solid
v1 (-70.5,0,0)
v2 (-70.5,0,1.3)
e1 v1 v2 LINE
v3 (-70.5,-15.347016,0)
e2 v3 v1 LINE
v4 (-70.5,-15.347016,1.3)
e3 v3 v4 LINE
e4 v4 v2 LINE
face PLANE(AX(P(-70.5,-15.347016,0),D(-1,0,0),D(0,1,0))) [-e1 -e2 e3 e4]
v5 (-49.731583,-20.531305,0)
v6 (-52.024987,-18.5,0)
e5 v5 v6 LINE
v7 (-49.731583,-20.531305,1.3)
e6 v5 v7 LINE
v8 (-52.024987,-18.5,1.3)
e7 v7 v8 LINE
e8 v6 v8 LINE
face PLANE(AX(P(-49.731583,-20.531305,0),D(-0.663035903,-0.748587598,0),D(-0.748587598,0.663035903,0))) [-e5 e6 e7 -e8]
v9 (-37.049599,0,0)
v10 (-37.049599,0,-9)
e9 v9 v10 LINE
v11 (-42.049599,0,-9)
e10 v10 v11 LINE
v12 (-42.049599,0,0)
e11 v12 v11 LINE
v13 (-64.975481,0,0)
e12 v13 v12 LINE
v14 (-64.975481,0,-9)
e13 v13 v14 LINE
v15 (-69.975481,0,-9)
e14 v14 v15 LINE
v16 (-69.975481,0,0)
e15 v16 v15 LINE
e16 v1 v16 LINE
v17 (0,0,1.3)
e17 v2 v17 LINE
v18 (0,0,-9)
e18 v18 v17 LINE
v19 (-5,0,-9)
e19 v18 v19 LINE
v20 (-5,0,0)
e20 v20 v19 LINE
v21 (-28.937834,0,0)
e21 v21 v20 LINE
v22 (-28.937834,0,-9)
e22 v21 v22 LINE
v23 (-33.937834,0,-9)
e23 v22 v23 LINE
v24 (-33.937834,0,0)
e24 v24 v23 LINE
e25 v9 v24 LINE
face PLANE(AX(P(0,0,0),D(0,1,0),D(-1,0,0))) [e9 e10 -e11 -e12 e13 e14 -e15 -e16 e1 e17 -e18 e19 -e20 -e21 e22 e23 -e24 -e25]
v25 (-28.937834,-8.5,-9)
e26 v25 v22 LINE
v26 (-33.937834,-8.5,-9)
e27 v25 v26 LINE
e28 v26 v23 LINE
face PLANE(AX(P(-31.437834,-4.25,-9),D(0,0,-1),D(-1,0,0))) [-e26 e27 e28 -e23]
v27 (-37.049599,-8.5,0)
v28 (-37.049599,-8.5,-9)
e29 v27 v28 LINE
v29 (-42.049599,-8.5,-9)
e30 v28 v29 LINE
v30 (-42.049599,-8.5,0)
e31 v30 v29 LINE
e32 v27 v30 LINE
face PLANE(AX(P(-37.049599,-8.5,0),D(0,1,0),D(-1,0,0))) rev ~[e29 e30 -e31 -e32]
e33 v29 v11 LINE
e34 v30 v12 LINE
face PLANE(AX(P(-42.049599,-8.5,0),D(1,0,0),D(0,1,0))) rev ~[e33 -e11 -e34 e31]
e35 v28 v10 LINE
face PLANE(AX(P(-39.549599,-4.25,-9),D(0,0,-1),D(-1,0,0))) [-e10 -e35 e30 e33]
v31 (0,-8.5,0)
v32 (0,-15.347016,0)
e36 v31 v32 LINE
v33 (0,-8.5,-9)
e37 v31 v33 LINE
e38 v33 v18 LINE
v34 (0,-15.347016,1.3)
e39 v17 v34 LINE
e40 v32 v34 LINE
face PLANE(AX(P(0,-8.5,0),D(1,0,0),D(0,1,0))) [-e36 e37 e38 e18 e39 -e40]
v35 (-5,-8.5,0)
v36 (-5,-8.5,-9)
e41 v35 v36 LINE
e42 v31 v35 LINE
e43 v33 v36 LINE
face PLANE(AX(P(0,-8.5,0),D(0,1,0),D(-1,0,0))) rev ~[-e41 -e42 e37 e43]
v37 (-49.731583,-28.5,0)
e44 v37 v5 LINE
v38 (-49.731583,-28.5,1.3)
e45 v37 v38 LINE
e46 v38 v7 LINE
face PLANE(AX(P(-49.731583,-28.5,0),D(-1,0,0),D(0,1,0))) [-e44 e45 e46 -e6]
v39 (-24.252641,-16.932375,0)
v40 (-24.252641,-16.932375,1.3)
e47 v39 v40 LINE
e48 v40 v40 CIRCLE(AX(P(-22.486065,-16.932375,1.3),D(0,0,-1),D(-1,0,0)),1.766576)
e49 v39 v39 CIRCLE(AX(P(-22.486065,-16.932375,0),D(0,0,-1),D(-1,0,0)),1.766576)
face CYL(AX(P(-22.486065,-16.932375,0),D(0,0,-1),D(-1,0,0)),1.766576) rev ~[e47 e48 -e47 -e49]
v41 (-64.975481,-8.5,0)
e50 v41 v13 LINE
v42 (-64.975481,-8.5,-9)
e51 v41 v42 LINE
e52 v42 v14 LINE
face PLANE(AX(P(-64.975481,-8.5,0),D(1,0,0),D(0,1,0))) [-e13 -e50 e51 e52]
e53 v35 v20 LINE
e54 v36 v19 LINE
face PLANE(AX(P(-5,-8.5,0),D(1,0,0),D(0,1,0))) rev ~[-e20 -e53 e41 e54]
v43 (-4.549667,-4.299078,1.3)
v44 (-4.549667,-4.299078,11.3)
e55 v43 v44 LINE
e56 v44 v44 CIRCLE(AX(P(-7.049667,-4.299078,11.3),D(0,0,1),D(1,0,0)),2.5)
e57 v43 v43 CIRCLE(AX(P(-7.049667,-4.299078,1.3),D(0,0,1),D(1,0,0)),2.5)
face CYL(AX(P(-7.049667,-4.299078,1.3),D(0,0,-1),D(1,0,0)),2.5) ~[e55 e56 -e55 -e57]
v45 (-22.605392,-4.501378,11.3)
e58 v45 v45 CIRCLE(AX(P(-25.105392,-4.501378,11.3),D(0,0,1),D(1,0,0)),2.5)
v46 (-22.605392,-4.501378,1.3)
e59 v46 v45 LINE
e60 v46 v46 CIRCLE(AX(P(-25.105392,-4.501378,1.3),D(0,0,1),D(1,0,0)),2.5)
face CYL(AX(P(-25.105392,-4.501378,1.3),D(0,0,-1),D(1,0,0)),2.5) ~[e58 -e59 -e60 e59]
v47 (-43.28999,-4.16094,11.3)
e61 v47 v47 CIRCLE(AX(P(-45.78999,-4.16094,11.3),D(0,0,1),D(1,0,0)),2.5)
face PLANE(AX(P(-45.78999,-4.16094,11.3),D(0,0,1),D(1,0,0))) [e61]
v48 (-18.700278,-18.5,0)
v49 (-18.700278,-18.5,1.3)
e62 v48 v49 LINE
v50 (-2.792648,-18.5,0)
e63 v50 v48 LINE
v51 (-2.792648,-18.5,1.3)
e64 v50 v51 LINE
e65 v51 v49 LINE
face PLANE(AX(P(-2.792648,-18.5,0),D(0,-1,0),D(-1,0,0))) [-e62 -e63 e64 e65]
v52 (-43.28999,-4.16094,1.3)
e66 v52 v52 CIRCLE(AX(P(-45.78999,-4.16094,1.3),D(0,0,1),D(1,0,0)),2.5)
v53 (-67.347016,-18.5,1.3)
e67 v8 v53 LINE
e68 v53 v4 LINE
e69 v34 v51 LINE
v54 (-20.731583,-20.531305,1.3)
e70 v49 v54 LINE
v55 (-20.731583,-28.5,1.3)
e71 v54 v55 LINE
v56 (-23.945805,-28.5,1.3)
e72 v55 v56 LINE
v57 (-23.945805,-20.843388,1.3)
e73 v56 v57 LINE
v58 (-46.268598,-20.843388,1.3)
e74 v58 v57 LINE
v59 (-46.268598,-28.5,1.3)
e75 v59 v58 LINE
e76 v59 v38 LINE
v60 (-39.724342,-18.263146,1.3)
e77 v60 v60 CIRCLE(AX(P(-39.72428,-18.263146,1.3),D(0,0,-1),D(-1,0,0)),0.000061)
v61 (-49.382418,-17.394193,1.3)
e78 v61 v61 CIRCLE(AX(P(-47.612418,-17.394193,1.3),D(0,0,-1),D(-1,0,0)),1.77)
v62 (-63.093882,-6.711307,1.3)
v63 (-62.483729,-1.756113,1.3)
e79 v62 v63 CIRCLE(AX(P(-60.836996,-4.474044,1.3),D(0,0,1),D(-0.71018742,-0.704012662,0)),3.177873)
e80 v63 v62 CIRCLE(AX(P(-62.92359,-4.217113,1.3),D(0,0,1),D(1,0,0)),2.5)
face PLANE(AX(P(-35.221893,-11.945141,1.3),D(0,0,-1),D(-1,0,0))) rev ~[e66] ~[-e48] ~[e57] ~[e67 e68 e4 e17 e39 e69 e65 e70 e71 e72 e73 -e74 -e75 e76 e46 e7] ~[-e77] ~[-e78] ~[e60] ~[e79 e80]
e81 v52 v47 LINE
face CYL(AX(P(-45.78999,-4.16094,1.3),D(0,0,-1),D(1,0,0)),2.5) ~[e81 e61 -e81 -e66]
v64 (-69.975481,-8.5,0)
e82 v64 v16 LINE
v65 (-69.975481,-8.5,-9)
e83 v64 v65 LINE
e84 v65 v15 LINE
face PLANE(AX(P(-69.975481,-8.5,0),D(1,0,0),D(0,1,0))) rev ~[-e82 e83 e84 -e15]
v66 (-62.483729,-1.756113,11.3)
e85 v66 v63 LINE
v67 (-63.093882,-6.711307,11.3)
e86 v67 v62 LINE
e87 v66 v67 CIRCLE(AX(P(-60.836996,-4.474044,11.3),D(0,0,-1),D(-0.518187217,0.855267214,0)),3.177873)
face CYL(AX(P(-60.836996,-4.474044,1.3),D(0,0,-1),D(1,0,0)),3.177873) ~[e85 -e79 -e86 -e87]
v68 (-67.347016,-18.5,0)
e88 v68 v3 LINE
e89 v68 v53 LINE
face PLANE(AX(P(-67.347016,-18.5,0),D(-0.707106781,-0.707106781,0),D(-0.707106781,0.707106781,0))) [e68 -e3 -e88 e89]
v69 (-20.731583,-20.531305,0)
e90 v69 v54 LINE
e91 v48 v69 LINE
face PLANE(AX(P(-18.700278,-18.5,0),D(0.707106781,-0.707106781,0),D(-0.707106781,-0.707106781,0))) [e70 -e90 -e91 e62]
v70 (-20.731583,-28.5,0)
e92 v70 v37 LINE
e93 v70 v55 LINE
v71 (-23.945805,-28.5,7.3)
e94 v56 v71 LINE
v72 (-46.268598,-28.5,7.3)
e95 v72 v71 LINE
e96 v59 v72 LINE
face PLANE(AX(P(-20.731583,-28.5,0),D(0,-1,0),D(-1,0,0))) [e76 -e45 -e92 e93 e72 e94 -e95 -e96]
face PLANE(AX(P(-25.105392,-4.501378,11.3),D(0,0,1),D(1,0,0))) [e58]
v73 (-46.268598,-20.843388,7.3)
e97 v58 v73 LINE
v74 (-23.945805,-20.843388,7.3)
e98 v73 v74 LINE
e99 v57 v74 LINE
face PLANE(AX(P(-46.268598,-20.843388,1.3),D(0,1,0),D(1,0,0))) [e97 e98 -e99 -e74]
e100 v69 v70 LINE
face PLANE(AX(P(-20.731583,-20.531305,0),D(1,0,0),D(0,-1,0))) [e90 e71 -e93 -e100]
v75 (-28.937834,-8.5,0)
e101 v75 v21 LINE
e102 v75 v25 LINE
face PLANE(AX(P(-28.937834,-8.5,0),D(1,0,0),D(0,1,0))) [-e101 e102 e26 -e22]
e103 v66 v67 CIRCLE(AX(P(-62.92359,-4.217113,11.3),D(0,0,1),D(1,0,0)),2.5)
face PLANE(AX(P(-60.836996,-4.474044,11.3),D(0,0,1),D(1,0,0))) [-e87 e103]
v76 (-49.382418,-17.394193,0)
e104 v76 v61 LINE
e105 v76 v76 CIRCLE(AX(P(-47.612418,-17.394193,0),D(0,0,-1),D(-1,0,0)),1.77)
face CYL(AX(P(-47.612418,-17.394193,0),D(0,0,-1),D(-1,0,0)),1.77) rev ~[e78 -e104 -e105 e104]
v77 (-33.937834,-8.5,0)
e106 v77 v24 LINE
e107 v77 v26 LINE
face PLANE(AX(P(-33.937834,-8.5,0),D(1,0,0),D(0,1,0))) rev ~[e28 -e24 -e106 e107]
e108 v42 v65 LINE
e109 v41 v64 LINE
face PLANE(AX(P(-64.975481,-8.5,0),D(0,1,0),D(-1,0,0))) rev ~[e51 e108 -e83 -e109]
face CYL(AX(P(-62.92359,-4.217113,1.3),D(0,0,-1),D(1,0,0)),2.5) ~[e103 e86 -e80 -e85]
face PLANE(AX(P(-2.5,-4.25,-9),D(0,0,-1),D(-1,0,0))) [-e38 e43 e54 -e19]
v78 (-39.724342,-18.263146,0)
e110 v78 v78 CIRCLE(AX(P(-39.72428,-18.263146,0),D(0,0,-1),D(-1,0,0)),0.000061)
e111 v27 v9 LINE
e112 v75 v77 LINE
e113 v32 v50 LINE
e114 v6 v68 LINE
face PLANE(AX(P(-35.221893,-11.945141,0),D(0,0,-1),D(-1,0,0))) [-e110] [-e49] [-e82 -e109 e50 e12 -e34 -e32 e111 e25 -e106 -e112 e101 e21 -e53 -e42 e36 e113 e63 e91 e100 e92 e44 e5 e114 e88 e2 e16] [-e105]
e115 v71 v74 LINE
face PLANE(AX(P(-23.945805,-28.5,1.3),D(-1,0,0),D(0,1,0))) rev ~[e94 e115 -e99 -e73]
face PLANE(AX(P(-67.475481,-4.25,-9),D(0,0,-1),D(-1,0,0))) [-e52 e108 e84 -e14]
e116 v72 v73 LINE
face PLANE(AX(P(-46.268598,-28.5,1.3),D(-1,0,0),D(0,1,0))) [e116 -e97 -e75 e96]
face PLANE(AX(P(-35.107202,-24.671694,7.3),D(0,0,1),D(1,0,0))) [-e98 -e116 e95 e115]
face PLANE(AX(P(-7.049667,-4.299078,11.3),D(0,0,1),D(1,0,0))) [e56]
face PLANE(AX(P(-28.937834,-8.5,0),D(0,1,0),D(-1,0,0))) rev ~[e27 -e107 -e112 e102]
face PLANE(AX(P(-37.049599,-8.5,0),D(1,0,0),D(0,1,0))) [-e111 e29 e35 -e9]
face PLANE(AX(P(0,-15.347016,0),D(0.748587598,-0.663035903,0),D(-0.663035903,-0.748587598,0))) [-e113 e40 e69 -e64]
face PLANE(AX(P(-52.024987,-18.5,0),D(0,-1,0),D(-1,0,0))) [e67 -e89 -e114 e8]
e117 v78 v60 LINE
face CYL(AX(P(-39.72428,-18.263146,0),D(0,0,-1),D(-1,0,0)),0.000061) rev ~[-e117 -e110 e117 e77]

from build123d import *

# Parameters (mm, degrees)
EXTRUDE_1_DEPTH     = 1.3
SKETCH_2_R          = 6.1271e-05
SKETCH_2_R_2        = 1.854699803
CUT_EXTRUDE_1_DEPTH = 1.3
SKETCH_3_W          = 5
SKETCH_3_H          = 8.5
EXTRUDE_2_DEPTH     = 9
SKETCH_4_W          = 22.322793398
SKETCH_4_H          = 7.656611546
EXTRUDE_3_DEPTH     = 6
SKETCH_7_R          = 2.060894962
SKETCH_7_R_2        = 0.009430026
EXTRUDE_6_DEPTH     = 1.3
SKETCH_9_R          = 1.766576119
SKETCH_9_R_2        = 1.77
CUT_EXTRUDE_4_DEPTH = 13.5
SKETCH_11_R         = 2.5
EXTRUDE_7_DEPTH     = 10
SKETCH_5_R          = 3.177873229
EXTRUDE_4_DEPTH     = 10


with BuildPart() as part:
    # 草图1 → 凸台-拉伸1 (new body)
    with BuildSketch(Plane.XY):
        Polygon((-20.731582571, -20.531304637), (-20.731582571, -28.5), (-49.731582571, -28.5), (-49.731582571, -20.531304637), (-52.024986974, -18.5), (-67.347016347, -18.5), (-70.5, -15.347016347), (-70.5, 0), (0, 0), (0, -15.347016347), (-2.792647606, -18.5), (-18.700277933, -18.5), align=None)
    extrude(amount=EXTRUDE_1_DEPTH)

    # 草图2 → 切除-拉伸1 (cut)
    with BuildSketch(Plane(origin=(-0.901876225, 0, 0), x_dir=(-1, 0, 0), z_dir=(0, 0, -1))):
        with Locations((38.822404022, -18.263145779)):
            Circle(SKETCH_2_R)
        with Locations((24.094803283, -18.263145779)):
            Circle(SKETCH_2_R_2)
    extrude(amount=-CUT_EXTRUDE_1_DEPTH, mode=Mode.SUBTRACT)

    # 草图3 → 凸台-拉伸2 (add)
    with BuildSketch(Plane(origin=(0, 0, 0), x_dir=(-1, 0, 0), z_dir=(0, 0, -1))):
        with Locations((2.5, -4.25)):
            Rectangle(SKETCH_3_W, SKETCH_3_H)
        with Locations((31.437833881, -4.25)):
            Rectangle(SKETCH_3_W, SKETCH_3_H)
        with Locations((39.549598659, -4.25)):
            Rectangle(SKETCH_3_W, SKETCH_3_H)
        with Locations((67.475480729, -4.25)):
            Rectangle(SKETCH_3_W, SKETCH_3_H)
    extrude(amount=EXTRUDE_2_DEPTH)

    # 草图4 → 凸台-拉伸3 (add)
    with BuildSketch(Plane.XY.offset(1.3)):
        with Locations((-35.107201512, -24.671694227)):
            Rectangle(SKETCH_4_W, SKETCH_4_H)
    extrude(amount=EXTRUDE_3_DEPTH)

    # 草图7 → 凸台-拉伸6 (add)
    with BuildSketch(Plane(origin=(0, 0, 0), x_dir=(-1, 0, 0), z_dir=(0, 0, -1))):
        with Locations((24.996679508, -18.263145779)):
            Circle(SKETCH_7_R)
        with Locations((22.922712851, -19.688356139)):
            Circle(SKETCH_7_R_2)
    extrude(amount=-EXTRUDE_6_DEPTH)

    # 草图9 → 切除-拉伸4 (cut)
    with BuildSketch(Plane(origin=(0, 0, 0), x_dir=(-1, 0, 0), z_dir=(0, 0, -1))):
        with Locations((22.486064791, -16.932374865)):
            Circle(SKETCH_9_R)
        with Locations((47.612418274, -17.394192754)):
            Circle(SKETCH_9_R_2)
    extrude(amount=-CUT_EXTRUDE_4_DEPTH, mode=Mode.SUBTRACT)

    # 草图11 → 凸台-拉伸7 (add)
    with BuildSketch(Plane.XY.offset(1.3)):
        with Locations((-7.049667213, -4.299078236)):
            Circle(SKETCH_11_R)
        with Locations((-25.10539175, -4.501377507)):
            Circle(SKETCH_11_R)
        with Locations((-45.789989635, -4.160939668)):
            Circle(SKETCH_11_R)
        with Locations((-62.923589595, -4.217113271)):
            Circle(SKETCH_11_R)
    extrude(amount=EXTRUDE_7_DEPTH)

    # 草图5 → 凸台-拉伸4 (add)
    with BuildSketch(Plane.XY.offset(1.3)):
        with Locations((-60.836996038, -4.474043661)):
            Circle(SKETCH_5_R)
    extrude(amount=EXTRUDE_4_DEPTH)


solid = part.part
